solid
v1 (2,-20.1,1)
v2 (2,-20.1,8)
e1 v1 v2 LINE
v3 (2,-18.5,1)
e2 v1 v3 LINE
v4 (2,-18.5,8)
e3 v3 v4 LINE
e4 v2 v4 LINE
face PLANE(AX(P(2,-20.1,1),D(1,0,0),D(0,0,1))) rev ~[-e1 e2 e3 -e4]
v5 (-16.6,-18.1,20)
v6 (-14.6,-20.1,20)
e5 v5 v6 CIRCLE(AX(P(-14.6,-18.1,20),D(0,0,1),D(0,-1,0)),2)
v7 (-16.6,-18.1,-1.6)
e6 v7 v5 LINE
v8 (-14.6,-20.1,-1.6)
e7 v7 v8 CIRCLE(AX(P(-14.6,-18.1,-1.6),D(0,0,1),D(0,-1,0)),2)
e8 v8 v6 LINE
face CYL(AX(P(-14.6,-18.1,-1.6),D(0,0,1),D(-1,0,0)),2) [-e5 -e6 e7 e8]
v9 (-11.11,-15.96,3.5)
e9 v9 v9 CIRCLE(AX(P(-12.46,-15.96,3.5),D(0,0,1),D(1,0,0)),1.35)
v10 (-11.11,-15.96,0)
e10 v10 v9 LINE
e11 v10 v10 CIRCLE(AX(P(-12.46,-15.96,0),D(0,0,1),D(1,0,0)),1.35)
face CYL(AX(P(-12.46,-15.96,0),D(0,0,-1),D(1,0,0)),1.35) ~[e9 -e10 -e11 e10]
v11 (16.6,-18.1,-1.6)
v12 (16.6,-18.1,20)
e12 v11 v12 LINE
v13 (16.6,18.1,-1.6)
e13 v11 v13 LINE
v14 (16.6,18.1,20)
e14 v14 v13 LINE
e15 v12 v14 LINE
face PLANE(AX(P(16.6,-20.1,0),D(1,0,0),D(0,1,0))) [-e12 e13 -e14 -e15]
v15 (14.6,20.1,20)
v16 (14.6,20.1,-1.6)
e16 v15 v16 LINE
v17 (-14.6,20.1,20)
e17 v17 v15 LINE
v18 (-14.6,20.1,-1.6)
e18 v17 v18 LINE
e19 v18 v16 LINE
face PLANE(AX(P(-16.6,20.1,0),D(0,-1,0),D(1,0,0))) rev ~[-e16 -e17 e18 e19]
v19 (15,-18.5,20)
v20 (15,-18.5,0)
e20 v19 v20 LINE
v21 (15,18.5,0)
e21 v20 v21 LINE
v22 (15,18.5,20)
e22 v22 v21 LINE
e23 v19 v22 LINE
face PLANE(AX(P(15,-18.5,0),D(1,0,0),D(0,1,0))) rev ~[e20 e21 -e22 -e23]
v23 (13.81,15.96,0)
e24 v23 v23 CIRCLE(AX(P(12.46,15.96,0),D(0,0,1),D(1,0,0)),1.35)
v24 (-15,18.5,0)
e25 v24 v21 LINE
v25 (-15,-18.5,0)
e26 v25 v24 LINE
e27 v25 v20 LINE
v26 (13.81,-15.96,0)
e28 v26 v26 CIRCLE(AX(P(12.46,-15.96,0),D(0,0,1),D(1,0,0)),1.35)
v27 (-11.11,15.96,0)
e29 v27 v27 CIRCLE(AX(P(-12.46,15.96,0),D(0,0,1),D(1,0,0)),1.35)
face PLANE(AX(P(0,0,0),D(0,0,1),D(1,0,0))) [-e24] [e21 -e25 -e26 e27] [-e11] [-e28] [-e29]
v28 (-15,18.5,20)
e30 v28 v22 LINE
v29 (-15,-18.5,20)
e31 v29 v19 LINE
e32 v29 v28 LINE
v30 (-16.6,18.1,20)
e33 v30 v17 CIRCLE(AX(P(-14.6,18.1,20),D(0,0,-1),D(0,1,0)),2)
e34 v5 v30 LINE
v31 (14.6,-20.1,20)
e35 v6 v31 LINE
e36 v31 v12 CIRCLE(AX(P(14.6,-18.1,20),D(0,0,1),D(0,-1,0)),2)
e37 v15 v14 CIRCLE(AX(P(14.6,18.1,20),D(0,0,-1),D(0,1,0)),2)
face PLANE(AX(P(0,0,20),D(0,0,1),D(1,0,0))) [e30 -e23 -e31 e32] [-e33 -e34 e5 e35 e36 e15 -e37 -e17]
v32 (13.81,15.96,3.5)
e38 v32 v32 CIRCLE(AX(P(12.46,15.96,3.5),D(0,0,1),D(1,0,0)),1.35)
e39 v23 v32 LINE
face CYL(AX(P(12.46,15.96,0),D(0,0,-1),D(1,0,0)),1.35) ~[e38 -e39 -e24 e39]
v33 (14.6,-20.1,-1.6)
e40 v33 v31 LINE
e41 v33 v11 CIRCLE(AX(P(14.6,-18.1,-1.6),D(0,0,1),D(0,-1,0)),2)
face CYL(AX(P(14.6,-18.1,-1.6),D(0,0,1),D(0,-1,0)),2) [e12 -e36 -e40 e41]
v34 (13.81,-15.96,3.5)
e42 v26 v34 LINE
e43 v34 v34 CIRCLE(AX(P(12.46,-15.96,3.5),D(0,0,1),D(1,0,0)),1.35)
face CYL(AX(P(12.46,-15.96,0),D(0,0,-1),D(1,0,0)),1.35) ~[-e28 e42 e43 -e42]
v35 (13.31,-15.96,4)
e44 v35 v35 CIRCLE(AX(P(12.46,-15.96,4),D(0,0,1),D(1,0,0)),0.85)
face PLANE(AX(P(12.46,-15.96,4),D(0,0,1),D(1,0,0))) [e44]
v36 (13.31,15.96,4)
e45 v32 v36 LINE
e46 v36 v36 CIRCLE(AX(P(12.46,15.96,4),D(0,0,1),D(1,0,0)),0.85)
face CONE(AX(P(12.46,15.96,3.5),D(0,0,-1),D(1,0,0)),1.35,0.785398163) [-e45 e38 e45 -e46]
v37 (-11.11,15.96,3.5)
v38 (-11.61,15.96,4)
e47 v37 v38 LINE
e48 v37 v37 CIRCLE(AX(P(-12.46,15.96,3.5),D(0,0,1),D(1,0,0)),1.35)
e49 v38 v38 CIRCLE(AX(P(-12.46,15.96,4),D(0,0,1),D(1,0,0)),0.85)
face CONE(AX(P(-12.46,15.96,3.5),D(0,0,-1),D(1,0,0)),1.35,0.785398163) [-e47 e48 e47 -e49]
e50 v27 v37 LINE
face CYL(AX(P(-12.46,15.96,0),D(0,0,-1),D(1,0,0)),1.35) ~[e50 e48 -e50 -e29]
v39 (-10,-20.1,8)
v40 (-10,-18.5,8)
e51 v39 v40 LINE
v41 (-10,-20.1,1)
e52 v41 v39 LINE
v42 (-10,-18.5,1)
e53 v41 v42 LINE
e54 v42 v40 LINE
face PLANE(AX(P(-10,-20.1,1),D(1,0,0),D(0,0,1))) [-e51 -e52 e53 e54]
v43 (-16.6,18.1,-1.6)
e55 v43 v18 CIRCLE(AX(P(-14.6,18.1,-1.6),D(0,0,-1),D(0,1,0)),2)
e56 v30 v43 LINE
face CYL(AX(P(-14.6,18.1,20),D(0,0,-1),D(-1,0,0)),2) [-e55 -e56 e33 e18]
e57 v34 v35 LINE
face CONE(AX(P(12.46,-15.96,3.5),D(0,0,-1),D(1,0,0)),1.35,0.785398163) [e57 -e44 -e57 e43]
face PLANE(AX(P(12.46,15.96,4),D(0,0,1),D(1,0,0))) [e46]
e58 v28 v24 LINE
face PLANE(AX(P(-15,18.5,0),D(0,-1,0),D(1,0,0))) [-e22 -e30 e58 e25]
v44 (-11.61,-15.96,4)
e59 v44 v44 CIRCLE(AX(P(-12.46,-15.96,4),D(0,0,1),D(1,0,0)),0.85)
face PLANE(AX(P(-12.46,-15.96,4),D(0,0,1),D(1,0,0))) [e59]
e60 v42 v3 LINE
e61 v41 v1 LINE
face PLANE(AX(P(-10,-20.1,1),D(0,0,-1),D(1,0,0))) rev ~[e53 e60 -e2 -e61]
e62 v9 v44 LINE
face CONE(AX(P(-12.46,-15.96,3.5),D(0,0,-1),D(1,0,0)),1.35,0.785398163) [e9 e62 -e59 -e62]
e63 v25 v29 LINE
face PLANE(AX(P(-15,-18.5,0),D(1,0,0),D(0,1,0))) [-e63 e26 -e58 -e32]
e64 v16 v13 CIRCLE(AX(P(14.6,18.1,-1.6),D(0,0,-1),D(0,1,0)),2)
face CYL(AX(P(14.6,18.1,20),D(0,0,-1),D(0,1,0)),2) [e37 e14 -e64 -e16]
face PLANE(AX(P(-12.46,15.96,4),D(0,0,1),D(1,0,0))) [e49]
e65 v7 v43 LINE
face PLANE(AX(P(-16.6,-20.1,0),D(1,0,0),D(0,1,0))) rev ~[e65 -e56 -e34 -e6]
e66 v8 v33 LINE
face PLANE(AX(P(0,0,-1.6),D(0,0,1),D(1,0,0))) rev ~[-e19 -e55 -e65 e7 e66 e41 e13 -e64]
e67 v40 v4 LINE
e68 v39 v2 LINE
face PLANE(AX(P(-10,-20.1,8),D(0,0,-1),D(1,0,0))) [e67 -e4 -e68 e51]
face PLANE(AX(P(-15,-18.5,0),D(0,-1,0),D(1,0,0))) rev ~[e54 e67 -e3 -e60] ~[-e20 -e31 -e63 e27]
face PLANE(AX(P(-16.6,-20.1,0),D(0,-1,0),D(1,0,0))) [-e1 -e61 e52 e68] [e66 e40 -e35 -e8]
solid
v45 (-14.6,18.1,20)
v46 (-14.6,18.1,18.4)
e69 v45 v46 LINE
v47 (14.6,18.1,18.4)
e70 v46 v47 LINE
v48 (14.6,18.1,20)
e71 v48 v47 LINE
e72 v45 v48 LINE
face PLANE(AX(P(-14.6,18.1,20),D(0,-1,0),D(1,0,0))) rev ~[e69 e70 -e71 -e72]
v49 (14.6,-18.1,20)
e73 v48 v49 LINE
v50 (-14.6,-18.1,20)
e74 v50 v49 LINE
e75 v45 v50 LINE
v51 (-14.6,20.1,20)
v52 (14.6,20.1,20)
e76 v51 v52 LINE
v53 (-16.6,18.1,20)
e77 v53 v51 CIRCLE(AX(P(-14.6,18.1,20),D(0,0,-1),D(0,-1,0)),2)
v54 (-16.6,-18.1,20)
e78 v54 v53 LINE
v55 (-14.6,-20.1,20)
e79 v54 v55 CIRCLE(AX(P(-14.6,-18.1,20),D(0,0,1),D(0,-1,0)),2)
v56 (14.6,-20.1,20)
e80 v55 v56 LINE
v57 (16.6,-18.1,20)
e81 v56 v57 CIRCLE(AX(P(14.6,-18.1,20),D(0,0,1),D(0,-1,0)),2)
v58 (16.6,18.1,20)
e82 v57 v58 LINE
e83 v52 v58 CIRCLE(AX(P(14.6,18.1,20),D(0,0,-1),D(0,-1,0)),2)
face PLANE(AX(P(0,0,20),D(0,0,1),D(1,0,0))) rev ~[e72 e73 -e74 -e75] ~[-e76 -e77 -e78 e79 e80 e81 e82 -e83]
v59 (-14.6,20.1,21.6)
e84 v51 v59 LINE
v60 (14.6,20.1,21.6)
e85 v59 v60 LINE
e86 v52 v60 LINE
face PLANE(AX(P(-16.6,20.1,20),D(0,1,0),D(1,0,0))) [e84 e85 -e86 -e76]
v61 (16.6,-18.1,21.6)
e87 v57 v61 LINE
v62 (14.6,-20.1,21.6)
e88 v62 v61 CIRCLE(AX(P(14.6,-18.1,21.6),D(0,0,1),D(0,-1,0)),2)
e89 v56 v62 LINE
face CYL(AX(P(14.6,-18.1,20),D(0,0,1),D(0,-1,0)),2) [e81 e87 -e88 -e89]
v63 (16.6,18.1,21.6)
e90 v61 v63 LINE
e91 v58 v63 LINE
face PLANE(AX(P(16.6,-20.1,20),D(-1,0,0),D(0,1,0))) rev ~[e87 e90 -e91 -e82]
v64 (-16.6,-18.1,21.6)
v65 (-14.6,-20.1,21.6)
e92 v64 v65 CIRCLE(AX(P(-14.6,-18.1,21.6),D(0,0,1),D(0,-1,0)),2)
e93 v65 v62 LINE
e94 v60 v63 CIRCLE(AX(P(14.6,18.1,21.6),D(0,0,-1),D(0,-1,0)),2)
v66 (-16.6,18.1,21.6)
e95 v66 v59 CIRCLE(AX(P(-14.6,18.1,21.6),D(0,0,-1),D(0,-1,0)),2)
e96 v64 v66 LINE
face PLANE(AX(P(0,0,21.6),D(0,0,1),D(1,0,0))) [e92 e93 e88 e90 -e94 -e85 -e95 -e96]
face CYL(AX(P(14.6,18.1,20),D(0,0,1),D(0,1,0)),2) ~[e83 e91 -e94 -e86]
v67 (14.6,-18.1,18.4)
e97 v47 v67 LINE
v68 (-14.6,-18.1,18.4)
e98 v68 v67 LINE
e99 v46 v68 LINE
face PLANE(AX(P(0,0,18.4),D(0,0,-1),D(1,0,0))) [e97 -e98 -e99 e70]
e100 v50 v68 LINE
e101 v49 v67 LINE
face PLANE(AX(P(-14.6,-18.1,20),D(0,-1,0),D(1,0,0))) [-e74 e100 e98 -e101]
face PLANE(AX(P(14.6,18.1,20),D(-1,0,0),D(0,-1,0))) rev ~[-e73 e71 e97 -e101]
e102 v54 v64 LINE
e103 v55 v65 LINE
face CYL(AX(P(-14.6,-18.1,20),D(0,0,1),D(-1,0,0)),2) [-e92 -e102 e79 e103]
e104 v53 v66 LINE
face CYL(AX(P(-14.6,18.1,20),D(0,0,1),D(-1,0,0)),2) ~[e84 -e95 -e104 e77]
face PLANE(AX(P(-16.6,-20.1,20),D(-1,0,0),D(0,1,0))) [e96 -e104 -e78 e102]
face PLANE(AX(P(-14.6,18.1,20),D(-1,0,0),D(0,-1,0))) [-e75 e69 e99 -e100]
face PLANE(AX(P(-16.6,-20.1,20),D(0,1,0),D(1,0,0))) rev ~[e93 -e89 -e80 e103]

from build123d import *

# Parameters (mm, degrees)
F0_W          = 33.2
F0_H          = 40.2
F0_W_2        = 30
F0_H_2        = 37
F1_DEPTH      = 20
F1_DEPTH_BACK = 1.6
F2_DEPTH      = 1.6
F3_R          = 1.35
F4_DEPTH      = 4
F5_SIZE       = 0.5
F6_W          = 33.2
F6_H          = 40.2
F6_W_2        = 30
F6_H_2        = 37
F7_DEPTH      = 1.6
F8_W          = 29.2
F8_H          = 36.2
F9_DEPTH      = 1.6
F10_W         = 12
F10_H         = 7
F11_DEPTH     = 1.6
F12_R         = 2
F12_2_R       = 2


with BuildPart() as f1:
    # F0 (on Top) → F1 (new body, two sides)
    with BuildSketch(Plane.XY) as f1_sk:
        Rectangle(F0_W, F0_H)
        Rectangle(F0_W_2, F0_H_2, mode=Mode.SUBTRACT)
    extrude(amount=F1_DEPTH)
    extrude(f1_sk.sketch, amount=-F1_DEPTH_BACK)

    # F0 (on Top) → F2 (join)
    with BuildSketch(Plane.XY):
        Rectangle(F0_W_2, F0_H_2)
    extrude(amount=-F2_DEPTH)

    # F3 (on face) → F4 (join)
    with BuildSketch(Plane.XY):
        with Locations((12.46, 15.96)):
            Circle(F3_R)
        with Locations((12.46, -15.96)):
            Circle(F3_R)
        with Locations((-12.46, -15.96)):
            Circle(F3_R)
        with Locations((-12.46, 15.96)):
            Circle(F3_R)
    extrude(amount=F4_DEPTH)

    # F5
    f5_edges = [f1.edges().sort_by_distance(p)[0] for p in [
        (-13.81, 15.96, 4),
        (11.11, 15.96, 4),
        (11.11, -15.96, 4),
        (-13.81, -15.96, 4),
    ]]
    chamfer(f5_edges, length=F5_SIZE)

    # F10 (on face) → F11 (cut, through all)
    with BuildSketch(Plane.XZ.offset(20.1)):
        with Locations((-4, 4.5)):
            Rectangle(F10_W, F10_H)
    extrude(amount=-F11_DEPTH, mode=Mode.SUBTRACT)

    # F12
    f12_edges = [f1.edges().sort_by_distance(p)[0] for p in [
        (16.6, -20.1, 9.2),
        (16.6, 20.1, 9.2),
        (-16.6, 20.1, 9.2),
        (-16.6, -20.1, 9.2),
    ]]
    fillet(f12_edges, radius=F12_R)


with BuildPart() as f7:
    # F6 (on face) → F7 (new body)
    with BuildSketch(Plane.XY.offset(20)):
        Rectangle(F6_W, F6_H)
        Rectangle(F6_W_2, F6_H_2, mode=Mode.SUBTRACT)
        Rectangle(F6_W_2, F6_H_2)
    extrude(amount=F7_DEPTH)

    # F8 (on face) → F9 (join)
    with BuildSketch(Plane(origin=(0, 0, 20), x_dir=(1, 0, 0), z_dir=(0, 0, -1))):
        Rectangle(F8_W, F8_H)
    extrude(amount=F9_DEPTH)

    # F12#2
    f12_2_edges = [f7.edges().sort_by_distance(p)[0] for p in [
        (16.6, -20.1, 20.8),
        (-16.6, 20.1, 20.8),
        (16.6, 20.1, 20.8),
        (-16.6, -20.1, 20.8),
    ]]
    fillet(f12_2_edges, radius=F12_2_R)


solid = Compound([f1.part, f7.part])
